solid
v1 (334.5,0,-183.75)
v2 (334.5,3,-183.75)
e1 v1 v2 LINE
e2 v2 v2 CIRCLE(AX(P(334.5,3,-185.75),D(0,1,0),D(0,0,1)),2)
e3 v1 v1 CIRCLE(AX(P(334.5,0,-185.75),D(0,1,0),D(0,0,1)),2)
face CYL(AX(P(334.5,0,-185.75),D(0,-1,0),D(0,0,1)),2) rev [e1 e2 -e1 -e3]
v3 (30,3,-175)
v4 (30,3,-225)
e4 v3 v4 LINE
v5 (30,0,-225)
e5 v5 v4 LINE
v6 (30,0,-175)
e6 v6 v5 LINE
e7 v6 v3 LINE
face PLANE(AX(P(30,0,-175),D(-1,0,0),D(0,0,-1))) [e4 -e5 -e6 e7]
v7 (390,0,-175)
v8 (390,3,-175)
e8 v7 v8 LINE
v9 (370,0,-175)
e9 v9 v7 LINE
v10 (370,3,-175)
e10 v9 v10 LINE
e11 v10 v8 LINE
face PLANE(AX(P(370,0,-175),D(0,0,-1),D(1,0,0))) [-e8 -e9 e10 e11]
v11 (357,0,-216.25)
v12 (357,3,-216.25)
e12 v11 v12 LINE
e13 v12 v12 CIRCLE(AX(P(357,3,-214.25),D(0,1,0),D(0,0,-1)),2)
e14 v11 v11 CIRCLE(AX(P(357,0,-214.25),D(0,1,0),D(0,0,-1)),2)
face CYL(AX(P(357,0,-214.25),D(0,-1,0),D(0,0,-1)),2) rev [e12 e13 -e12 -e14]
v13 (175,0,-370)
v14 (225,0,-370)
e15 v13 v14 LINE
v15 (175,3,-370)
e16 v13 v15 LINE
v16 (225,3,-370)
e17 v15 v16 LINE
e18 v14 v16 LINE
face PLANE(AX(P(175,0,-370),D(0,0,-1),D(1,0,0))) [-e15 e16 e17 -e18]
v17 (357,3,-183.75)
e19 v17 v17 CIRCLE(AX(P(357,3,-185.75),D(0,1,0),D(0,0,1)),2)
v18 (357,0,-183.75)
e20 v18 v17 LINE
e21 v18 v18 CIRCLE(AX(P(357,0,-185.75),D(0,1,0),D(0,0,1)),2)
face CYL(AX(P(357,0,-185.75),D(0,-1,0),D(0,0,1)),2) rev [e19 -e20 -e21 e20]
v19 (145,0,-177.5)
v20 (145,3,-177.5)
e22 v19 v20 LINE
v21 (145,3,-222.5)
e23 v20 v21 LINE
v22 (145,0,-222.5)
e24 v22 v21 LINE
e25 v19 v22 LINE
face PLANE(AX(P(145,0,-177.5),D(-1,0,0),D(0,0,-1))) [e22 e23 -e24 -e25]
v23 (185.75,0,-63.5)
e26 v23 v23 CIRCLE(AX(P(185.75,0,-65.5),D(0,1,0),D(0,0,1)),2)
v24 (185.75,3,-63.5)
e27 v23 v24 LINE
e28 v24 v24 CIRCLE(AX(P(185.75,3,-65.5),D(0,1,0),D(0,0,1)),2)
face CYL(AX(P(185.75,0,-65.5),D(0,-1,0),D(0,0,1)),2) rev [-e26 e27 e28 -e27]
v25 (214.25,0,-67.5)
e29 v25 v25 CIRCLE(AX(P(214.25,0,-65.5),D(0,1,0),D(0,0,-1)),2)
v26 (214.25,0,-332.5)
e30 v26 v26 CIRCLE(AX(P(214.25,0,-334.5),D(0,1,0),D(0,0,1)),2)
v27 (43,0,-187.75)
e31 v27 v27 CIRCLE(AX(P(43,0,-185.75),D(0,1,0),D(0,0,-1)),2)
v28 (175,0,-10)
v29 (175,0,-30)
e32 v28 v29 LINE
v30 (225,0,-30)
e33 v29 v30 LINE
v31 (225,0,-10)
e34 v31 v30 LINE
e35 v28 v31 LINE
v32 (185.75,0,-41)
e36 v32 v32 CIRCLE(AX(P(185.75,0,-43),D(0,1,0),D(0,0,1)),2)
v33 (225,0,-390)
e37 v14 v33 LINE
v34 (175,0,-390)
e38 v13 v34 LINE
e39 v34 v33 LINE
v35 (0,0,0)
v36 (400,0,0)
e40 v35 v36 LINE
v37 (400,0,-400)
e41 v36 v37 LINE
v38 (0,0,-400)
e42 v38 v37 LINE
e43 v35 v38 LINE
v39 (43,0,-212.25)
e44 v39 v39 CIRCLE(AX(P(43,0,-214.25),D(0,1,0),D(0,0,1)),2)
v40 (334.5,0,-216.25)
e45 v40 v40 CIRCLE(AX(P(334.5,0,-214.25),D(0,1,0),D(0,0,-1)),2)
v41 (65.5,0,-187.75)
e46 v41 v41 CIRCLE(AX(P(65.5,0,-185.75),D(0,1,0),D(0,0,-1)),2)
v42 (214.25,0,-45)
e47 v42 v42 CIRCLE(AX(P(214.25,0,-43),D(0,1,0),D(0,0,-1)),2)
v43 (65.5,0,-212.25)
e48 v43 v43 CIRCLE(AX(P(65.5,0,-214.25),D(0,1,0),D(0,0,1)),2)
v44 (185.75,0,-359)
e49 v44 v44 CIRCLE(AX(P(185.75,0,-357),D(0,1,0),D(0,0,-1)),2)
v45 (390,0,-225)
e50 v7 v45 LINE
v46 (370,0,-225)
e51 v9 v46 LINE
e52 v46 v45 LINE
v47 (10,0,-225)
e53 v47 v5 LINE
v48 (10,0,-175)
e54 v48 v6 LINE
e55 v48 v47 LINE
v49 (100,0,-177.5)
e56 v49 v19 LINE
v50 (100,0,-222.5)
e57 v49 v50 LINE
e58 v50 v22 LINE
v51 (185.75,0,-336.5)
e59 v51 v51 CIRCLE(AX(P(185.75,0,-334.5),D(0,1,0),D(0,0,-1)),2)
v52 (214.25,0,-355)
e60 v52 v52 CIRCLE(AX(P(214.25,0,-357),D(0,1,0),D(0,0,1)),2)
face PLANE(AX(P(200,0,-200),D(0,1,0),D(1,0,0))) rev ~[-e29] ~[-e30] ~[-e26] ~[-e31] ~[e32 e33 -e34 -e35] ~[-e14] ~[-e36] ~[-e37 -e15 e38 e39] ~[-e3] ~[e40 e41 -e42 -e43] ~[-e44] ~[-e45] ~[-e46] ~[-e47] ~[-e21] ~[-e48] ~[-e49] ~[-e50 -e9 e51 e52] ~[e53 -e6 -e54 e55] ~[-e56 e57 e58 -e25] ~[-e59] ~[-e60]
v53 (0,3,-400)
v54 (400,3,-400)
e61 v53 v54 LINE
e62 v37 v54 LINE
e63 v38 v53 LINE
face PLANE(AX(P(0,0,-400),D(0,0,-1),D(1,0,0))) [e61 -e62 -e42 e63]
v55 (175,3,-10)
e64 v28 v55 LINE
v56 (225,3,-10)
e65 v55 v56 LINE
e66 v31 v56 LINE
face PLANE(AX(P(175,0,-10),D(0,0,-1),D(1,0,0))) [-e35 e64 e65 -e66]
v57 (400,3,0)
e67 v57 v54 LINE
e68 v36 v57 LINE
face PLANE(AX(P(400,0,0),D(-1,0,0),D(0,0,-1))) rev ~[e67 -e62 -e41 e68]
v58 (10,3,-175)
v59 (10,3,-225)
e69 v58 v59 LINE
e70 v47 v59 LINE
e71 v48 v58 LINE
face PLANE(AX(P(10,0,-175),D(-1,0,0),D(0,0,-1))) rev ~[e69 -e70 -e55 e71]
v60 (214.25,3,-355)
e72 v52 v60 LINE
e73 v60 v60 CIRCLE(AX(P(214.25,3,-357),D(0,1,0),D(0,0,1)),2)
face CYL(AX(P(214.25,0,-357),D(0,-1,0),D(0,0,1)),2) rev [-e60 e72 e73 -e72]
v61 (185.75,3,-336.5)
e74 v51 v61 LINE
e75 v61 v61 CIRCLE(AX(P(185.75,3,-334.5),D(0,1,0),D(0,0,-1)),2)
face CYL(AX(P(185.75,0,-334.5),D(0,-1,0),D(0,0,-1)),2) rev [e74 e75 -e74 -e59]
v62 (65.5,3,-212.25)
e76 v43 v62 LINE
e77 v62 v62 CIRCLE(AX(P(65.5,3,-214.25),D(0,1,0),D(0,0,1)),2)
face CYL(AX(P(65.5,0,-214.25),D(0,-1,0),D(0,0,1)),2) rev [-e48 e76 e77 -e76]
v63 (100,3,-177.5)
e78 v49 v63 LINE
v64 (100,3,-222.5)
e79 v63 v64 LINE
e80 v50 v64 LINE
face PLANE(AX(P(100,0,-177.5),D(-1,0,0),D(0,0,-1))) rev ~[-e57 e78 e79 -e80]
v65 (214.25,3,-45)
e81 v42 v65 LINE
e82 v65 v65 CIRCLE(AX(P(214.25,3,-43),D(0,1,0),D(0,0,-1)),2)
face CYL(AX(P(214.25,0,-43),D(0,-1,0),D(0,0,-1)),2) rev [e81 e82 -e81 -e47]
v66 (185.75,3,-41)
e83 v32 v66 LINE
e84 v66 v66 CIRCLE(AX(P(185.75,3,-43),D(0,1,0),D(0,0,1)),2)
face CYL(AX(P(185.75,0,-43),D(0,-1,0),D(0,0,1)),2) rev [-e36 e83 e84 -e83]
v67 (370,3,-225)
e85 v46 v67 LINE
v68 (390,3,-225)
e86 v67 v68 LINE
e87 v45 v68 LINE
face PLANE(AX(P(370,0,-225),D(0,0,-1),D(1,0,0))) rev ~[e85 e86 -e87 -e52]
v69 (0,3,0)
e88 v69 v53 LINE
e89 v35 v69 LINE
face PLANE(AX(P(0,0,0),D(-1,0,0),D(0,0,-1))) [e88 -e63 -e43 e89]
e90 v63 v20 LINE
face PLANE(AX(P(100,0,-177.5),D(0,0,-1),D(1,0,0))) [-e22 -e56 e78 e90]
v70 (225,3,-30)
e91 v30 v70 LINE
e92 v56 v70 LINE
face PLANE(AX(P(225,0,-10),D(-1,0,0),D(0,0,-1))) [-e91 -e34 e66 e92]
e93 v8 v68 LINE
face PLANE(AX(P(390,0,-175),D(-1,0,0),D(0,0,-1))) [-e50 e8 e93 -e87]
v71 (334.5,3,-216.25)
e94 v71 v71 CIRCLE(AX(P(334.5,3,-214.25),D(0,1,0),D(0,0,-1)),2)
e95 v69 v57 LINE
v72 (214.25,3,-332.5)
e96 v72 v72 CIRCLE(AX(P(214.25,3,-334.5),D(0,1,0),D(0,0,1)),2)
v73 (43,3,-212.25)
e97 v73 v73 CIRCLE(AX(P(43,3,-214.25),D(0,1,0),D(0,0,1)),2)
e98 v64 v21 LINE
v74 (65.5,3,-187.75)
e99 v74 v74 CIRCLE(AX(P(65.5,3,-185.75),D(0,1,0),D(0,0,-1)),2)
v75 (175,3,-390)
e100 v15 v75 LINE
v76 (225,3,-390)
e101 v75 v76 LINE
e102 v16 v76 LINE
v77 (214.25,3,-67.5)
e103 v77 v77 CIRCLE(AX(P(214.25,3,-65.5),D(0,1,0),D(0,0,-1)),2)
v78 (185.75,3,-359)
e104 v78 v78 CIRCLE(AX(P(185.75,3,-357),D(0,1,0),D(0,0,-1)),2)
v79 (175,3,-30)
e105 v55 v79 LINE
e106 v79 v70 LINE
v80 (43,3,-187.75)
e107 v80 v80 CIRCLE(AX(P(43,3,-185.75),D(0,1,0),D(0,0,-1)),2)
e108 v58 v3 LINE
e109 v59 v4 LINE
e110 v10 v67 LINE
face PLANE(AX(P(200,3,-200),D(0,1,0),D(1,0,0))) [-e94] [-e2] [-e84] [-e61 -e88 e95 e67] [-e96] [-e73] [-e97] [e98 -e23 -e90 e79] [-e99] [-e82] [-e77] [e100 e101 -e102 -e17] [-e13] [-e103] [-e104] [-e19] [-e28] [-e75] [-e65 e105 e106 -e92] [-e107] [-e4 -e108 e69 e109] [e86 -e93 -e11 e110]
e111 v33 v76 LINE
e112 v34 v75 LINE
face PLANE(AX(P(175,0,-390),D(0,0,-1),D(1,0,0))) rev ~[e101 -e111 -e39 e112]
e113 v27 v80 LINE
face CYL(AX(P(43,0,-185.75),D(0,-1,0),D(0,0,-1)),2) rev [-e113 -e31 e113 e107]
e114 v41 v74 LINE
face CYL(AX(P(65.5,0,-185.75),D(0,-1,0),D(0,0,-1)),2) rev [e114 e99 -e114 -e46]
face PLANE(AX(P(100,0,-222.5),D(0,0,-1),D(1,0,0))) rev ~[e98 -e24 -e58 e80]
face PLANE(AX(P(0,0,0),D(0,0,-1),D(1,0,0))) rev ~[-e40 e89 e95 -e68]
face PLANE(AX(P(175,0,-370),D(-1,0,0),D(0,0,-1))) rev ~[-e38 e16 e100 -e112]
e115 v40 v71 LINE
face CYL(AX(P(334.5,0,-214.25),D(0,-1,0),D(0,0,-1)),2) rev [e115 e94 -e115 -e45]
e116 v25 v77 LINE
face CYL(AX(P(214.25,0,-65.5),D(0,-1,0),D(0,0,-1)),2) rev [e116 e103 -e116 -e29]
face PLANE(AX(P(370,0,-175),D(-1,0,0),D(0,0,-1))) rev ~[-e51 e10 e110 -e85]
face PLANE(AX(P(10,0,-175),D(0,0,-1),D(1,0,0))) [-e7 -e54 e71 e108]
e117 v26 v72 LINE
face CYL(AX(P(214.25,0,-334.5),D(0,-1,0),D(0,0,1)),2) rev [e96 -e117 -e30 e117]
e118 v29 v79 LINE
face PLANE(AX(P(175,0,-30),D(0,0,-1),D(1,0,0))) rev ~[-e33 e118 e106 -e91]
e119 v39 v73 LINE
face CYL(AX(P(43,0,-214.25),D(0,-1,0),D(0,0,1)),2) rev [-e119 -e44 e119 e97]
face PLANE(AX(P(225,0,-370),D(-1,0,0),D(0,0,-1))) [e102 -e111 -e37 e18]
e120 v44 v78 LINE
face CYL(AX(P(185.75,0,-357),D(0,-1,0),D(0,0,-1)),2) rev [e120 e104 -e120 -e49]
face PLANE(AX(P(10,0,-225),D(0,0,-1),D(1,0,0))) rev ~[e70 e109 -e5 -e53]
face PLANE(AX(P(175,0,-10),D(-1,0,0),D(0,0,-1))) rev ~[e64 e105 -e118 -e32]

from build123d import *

# Parameters (mm, degrees)
SKETCH1_W      = 400
SKETCH1_H      = 400
SKETCH1_R      = 2
SKETCH1_W_2    = 20
SKETCH1_H_2    = 50
SKETCH1_W_3    = 50
SKETCH1_H_3    = 20
SKETCH1_W_4    = 45
SKETCH1_H_4    = 45
EXTRUDE1_DEPTH = 3


with BuildPart() as part:
    # Sketch1 → Extrude1 (new body)
    with BuildSketch(Plane(origin=(0, 0, 0), x_dir=(1, 0, 0), z_dir=(0, 1, 0))):
        with Locations((200, 200)):
            Rectangle(SKETCH1_W, SKETCH1_H)
        with Locations(Location((185.75, 43, 0), (0, 0, 270))):
            Circle(SKETCH1_R, mode=Mode.SUBTRACT)
        with Locations(Location((185.75, 65.5, 0), (0, 0, 270))):
            Circle(SKETCH1_R, mode=Mode.SUBTRACT)
        with Locations(Location((214.25, 65.5, 0), (0, 0, 90))):
            Circle(SKETCH1_R, mode=Mode.SUBTRACT)
        with Locations(Location((214.25, 43, 0), (0, 0, 90))):
            Circle(SKETCH1_R, mode=Mode.SUBTRACT)
        with Locations(Location((43, 214.25, 0), (0, 0, 270))):
            Circle(SKETCH1_R, mode=Mode.SUBTRACT)
        with Locations(Location((65.5, 214.25, 0), (0, 0, 270))):
            Circle(SKETCH1_R, mode=Mode.SUBTRACT)
        with Locations(Location((65.5, 185.75, 0), (0, 0, 90))):
            Circle(SKETCH1_R, mode=Mode.SUBTRACT)
        with Locations(Location((43, 185.75, 0), (0, 0, 90))):
            Circle(SKETCH1_R, mode=Mode.SUBTRACT)
        with Locations(Location((214.25, 357, 0), (0, 0, 270))):
            Circle(SKETCH1_R, mode=Mode.SUBTRACT)
        with Locations(Location((214.25, 334.5, 0), (0, 0, 270))):
            Circle(SKETCH1_R, mode=Mode.SUBTRACT)
        with Locations(Location((185.75, 334.5, 0), (0, 0, 90))):
            Circle(SKETCH1_R, mode=Mode.SUBTRACT)
        with Locations(Location((185.75, 357, 0), (0, 0, 90))):
            Circle(SKETCH1_R, mode=Mode.SUBTRACT)
        with Locations(Location((357, 185.75, 0), (0, 0, 270))):
            Circle(SKETCH1_R, mode=Mode.SUBTRACT)
        with Locations(Location((334.5, 185.75, 0), (0, 0, 270))):
            Circle(SKETCH1_R, mode=Mode.SUBTRACT)
        with Locations(Location((334.5, 214.25, 0), (0, 0, 90))):
            Circle(SKETCH1_R, mode=Mode.SUBTRACT)
        with Locations(Location((357, 214.25, 0), (0, 0, 90))):
            Circle(SKETCH1_R, mode=Mode.SUBTRACT)
        with Locations((20, 200)):
            Rectangle(SKETCH1_W_2, SKETCH1_H_2, mode=Mode.SUBTRACT)
        with Locations((200, 20)):
            Rectangle(SKETCH1_W_3, SKETCH1_H_3, mode=Mode.SUBTRACT)
        with Locations((200, 380)):
            Rectangle(SKETCH1_W_3, SKETCH1_H_3, mode=Mode.SUBTRACT)
        with Locations((380, 200)):
            Rectangle(SKETCH1_W_2, SKETCH1_H_2, mode=Mode.SUBTRACT)
        with Locations((122.5, 200)):
            Rectangle(SKETCH1_W_4, SKETCH1_H_4, mode=Mode.SUBTRACT)
    extrude(amount=EXTRUDE1_DEPTH)


solid = part.part
